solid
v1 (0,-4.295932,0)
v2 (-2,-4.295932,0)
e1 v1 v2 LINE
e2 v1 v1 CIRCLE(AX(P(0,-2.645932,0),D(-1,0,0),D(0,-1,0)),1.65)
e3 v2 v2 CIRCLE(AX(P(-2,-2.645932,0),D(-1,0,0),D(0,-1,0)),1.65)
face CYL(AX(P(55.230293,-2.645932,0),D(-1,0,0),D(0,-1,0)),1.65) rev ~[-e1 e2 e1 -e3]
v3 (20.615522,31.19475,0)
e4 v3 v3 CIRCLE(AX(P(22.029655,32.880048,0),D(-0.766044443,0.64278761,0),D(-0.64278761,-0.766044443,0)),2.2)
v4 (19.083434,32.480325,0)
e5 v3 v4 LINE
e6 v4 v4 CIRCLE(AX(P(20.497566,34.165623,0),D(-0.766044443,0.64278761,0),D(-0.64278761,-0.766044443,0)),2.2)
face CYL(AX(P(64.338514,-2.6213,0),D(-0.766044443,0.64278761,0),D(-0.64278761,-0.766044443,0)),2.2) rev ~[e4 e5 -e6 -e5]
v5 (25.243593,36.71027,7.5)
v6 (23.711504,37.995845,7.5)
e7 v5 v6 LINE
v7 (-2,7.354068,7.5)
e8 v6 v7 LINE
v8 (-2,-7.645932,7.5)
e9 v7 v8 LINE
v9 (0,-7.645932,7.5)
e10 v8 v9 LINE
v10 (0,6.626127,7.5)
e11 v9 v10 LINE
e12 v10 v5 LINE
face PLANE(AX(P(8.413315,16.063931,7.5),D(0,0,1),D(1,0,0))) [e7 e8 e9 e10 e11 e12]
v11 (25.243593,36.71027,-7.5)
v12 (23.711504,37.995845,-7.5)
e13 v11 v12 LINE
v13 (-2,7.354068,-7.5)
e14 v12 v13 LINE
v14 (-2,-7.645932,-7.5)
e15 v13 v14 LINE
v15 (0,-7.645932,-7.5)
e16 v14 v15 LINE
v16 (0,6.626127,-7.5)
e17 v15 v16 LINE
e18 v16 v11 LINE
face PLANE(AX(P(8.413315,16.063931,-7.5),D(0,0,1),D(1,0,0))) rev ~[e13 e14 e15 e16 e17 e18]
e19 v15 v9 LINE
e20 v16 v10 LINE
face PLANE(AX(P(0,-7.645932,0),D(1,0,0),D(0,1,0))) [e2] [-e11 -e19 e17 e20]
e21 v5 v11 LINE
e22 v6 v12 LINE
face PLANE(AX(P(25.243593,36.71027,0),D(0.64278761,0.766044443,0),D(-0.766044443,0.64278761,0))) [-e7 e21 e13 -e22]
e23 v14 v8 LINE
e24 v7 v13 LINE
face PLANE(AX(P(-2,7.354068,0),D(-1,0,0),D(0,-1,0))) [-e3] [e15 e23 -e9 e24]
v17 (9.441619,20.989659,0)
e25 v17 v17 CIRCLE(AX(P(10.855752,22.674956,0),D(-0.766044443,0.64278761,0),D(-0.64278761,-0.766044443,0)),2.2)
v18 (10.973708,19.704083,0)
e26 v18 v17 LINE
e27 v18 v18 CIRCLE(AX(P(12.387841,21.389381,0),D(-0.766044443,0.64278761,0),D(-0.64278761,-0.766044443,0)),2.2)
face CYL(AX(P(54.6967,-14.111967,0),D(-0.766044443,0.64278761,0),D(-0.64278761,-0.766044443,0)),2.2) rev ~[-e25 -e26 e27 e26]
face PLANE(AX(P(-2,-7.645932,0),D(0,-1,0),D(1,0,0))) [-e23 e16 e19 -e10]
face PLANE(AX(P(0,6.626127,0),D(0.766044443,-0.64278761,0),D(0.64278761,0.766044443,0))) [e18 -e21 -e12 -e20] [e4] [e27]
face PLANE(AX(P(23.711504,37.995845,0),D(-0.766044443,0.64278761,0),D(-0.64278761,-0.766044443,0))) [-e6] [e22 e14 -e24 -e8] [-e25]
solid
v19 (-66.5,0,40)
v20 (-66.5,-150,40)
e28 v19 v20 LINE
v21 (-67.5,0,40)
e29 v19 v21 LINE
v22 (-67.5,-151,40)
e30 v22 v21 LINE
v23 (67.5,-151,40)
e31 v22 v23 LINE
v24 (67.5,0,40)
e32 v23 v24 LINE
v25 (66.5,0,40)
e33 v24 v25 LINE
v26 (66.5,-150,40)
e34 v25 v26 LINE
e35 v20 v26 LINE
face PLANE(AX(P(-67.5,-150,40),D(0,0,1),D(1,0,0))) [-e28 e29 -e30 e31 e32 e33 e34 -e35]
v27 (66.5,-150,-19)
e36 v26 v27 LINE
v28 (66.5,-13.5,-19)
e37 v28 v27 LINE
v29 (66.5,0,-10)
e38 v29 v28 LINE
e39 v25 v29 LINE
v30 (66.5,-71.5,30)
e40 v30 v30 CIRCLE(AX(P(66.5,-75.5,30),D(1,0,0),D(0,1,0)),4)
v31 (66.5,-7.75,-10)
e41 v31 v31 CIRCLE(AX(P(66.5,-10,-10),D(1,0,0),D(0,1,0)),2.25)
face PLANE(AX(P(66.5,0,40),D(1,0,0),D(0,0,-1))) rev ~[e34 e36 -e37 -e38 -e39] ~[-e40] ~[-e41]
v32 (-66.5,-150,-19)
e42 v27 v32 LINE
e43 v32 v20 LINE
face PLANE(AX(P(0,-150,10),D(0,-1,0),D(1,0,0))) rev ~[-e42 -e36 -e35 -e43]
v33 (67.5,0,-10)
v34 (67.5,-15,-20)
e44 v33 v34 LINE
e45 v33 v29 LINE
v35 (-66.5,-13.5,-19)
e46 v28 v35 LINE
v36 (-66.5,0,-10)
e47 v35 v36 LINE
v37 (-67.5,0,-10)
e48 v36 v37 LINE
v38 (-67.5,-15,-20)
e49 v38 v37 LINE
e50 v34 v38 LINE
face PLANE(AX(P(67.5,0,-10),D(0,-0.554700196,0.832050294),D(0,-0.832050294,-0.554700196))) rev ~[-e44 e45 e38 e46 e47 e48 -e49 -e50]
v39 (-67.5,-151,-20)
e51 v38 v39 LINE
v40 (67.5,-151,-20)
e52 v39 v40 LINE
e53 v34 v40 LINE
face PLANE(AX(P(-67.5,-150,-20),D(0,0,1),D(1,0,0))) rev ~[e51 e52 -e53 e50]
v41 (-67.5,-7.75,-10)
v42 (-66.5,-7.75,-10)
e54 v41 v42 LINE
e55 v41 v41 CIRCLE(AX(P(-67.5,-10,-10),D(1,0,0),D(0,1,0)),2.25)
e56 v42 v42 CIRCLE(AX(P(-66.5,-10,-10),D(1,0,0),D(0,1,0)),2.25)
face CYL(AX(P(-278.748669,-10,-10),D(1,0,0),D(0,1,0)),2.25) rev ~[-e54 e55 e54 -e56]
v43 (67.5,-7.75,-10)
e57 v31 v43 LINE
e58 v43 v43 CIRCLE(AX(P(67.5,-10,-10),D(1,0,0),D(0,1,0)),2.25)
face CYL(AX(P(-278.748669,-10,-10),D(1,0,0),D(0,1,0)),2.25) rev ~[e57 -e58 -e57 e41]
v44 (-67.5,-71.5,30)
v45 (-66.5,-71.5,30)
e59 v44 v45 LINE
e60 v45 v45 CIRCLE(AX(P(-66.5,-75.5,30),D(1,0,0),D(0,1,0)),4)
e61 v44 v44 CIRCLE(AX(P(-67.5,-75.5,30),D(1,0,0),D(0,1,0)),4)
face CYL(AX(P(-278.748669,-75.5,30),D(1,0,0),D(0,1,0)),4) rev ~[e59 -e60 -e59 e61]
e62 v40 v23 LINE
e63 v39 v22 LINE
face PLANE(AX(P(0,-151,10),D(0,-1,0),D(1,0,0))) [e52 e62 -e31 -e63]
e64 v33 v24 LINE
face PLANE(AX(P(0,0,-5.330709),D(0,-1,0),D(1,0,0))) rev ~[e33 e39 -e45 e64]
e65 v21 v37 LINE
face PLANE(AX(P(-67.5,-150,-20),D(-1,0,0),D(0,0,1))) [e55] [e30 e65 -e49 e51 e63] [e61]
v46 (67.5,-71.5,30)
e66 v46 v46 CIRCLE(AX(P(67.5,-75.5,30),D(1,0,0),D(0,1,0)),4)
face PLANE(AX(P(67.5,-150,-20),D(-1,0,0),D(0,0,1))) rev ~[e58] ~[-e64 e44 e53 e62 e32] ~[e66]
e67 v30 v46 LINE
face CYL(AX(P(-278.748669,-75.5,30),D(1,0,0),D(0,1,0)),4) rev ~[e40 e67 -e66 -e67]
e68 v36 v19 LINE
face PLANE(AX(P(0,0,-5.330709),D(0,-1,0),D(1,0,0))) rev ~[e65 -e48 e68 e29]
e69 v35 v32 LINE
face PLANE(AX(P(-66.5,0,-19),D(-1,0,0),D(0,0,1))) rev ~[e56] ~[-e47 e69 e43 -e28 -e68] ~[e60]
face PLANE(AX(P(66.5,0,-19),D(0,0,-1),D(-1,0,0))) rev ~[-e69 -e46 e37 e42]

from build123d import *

# Parameters (mm, degrees)
F1_DEPTH  = 150
F2_W      = 135
F2_H      = 60
F3_DEPTH  = 1
F5_D      = 4.5
F7_D      = 8
F9_DEPTH  = 7.5
F11_D     = 3.3
F13_D     = 4.4
F15_DEPTH = 140


with BuildPart() as f1:
    # F0 (on Front) → F1 (new body)
    with BuildSketch(Plane.XZ):
        Polygon((-67.5, -20), (67.5, -20), (67.5, 40), (66.5, 40), (66.5, -19), (-66.5, -19), (-66.5, 40), (-67.5, 40), align=None)
    extrude(amount=F1_DEPTH)

    # F2 (on face) → F3 (join)
    with BuildSketch(Plane.XZ.offset(150)):
        with Locations((0, 10)):
            Rectangle(F2_W, F2_H)
    extrude(amount=F3_DEPTH)

    # F5 (through all)
    with Locations(Plane(origin=(-67.5, 0, 0), x_dir=(0, -1, 0), z_dir=(-1, 0, 0))):
        with Locations((10, -10)):
            Hole(F5_D / 2)

    # F7 (through all)
    with Locations(Plane(origin=(-67.5, 0, 0), x_dir=(0, -1, 0), z_dir=(-1, 0, 0))):
        with Locations((75.5, 30)):
            Hole(F7_D / 2)

    # F14 (on face) → F15 (cut)
    with BuildSketch(Plane.YZ.offset(67.5)):
        Polygon((0, -10), (-15, -20), (0, -20), align=None)
    extrude(amount=-F15_DEPTH, mode=Mode.SUBTRACT)


with BuildPart() as f9:
    # F8 (on Top) → F9 (new body, symmetric)
    with BuildSketch(Plane.XY):
        Polygon((-2, 7.3540675081), (-2, -7.6459324919), (0, -7.6459324919), (0, 6.6261270396), (25.2435932737, 36.7102700135), (23.7115043875, 37.9958452329), align=None)
    extrude(amount=F9_DEPTH, both=True)

    # F11 (through all)
    with Locations(Plane.YZ):
        with Locations((-2.6459324919, 0)):
            Hole(F11_D / 2)

    # F13 (through all)
    with Locations(Plane(origin=(-3.2627306405, 2.7377560771, 0), x_dir=(0.6427876097, 0.7660444431, 0), z_dir=(0.7660444431, -0.6427876097, 0))):
        with Locations((24.3479673296, 0), (39.3479673296, 0)):
            Hole(F13_D / 2)


solid = Compound([f1.part, f9.part])
